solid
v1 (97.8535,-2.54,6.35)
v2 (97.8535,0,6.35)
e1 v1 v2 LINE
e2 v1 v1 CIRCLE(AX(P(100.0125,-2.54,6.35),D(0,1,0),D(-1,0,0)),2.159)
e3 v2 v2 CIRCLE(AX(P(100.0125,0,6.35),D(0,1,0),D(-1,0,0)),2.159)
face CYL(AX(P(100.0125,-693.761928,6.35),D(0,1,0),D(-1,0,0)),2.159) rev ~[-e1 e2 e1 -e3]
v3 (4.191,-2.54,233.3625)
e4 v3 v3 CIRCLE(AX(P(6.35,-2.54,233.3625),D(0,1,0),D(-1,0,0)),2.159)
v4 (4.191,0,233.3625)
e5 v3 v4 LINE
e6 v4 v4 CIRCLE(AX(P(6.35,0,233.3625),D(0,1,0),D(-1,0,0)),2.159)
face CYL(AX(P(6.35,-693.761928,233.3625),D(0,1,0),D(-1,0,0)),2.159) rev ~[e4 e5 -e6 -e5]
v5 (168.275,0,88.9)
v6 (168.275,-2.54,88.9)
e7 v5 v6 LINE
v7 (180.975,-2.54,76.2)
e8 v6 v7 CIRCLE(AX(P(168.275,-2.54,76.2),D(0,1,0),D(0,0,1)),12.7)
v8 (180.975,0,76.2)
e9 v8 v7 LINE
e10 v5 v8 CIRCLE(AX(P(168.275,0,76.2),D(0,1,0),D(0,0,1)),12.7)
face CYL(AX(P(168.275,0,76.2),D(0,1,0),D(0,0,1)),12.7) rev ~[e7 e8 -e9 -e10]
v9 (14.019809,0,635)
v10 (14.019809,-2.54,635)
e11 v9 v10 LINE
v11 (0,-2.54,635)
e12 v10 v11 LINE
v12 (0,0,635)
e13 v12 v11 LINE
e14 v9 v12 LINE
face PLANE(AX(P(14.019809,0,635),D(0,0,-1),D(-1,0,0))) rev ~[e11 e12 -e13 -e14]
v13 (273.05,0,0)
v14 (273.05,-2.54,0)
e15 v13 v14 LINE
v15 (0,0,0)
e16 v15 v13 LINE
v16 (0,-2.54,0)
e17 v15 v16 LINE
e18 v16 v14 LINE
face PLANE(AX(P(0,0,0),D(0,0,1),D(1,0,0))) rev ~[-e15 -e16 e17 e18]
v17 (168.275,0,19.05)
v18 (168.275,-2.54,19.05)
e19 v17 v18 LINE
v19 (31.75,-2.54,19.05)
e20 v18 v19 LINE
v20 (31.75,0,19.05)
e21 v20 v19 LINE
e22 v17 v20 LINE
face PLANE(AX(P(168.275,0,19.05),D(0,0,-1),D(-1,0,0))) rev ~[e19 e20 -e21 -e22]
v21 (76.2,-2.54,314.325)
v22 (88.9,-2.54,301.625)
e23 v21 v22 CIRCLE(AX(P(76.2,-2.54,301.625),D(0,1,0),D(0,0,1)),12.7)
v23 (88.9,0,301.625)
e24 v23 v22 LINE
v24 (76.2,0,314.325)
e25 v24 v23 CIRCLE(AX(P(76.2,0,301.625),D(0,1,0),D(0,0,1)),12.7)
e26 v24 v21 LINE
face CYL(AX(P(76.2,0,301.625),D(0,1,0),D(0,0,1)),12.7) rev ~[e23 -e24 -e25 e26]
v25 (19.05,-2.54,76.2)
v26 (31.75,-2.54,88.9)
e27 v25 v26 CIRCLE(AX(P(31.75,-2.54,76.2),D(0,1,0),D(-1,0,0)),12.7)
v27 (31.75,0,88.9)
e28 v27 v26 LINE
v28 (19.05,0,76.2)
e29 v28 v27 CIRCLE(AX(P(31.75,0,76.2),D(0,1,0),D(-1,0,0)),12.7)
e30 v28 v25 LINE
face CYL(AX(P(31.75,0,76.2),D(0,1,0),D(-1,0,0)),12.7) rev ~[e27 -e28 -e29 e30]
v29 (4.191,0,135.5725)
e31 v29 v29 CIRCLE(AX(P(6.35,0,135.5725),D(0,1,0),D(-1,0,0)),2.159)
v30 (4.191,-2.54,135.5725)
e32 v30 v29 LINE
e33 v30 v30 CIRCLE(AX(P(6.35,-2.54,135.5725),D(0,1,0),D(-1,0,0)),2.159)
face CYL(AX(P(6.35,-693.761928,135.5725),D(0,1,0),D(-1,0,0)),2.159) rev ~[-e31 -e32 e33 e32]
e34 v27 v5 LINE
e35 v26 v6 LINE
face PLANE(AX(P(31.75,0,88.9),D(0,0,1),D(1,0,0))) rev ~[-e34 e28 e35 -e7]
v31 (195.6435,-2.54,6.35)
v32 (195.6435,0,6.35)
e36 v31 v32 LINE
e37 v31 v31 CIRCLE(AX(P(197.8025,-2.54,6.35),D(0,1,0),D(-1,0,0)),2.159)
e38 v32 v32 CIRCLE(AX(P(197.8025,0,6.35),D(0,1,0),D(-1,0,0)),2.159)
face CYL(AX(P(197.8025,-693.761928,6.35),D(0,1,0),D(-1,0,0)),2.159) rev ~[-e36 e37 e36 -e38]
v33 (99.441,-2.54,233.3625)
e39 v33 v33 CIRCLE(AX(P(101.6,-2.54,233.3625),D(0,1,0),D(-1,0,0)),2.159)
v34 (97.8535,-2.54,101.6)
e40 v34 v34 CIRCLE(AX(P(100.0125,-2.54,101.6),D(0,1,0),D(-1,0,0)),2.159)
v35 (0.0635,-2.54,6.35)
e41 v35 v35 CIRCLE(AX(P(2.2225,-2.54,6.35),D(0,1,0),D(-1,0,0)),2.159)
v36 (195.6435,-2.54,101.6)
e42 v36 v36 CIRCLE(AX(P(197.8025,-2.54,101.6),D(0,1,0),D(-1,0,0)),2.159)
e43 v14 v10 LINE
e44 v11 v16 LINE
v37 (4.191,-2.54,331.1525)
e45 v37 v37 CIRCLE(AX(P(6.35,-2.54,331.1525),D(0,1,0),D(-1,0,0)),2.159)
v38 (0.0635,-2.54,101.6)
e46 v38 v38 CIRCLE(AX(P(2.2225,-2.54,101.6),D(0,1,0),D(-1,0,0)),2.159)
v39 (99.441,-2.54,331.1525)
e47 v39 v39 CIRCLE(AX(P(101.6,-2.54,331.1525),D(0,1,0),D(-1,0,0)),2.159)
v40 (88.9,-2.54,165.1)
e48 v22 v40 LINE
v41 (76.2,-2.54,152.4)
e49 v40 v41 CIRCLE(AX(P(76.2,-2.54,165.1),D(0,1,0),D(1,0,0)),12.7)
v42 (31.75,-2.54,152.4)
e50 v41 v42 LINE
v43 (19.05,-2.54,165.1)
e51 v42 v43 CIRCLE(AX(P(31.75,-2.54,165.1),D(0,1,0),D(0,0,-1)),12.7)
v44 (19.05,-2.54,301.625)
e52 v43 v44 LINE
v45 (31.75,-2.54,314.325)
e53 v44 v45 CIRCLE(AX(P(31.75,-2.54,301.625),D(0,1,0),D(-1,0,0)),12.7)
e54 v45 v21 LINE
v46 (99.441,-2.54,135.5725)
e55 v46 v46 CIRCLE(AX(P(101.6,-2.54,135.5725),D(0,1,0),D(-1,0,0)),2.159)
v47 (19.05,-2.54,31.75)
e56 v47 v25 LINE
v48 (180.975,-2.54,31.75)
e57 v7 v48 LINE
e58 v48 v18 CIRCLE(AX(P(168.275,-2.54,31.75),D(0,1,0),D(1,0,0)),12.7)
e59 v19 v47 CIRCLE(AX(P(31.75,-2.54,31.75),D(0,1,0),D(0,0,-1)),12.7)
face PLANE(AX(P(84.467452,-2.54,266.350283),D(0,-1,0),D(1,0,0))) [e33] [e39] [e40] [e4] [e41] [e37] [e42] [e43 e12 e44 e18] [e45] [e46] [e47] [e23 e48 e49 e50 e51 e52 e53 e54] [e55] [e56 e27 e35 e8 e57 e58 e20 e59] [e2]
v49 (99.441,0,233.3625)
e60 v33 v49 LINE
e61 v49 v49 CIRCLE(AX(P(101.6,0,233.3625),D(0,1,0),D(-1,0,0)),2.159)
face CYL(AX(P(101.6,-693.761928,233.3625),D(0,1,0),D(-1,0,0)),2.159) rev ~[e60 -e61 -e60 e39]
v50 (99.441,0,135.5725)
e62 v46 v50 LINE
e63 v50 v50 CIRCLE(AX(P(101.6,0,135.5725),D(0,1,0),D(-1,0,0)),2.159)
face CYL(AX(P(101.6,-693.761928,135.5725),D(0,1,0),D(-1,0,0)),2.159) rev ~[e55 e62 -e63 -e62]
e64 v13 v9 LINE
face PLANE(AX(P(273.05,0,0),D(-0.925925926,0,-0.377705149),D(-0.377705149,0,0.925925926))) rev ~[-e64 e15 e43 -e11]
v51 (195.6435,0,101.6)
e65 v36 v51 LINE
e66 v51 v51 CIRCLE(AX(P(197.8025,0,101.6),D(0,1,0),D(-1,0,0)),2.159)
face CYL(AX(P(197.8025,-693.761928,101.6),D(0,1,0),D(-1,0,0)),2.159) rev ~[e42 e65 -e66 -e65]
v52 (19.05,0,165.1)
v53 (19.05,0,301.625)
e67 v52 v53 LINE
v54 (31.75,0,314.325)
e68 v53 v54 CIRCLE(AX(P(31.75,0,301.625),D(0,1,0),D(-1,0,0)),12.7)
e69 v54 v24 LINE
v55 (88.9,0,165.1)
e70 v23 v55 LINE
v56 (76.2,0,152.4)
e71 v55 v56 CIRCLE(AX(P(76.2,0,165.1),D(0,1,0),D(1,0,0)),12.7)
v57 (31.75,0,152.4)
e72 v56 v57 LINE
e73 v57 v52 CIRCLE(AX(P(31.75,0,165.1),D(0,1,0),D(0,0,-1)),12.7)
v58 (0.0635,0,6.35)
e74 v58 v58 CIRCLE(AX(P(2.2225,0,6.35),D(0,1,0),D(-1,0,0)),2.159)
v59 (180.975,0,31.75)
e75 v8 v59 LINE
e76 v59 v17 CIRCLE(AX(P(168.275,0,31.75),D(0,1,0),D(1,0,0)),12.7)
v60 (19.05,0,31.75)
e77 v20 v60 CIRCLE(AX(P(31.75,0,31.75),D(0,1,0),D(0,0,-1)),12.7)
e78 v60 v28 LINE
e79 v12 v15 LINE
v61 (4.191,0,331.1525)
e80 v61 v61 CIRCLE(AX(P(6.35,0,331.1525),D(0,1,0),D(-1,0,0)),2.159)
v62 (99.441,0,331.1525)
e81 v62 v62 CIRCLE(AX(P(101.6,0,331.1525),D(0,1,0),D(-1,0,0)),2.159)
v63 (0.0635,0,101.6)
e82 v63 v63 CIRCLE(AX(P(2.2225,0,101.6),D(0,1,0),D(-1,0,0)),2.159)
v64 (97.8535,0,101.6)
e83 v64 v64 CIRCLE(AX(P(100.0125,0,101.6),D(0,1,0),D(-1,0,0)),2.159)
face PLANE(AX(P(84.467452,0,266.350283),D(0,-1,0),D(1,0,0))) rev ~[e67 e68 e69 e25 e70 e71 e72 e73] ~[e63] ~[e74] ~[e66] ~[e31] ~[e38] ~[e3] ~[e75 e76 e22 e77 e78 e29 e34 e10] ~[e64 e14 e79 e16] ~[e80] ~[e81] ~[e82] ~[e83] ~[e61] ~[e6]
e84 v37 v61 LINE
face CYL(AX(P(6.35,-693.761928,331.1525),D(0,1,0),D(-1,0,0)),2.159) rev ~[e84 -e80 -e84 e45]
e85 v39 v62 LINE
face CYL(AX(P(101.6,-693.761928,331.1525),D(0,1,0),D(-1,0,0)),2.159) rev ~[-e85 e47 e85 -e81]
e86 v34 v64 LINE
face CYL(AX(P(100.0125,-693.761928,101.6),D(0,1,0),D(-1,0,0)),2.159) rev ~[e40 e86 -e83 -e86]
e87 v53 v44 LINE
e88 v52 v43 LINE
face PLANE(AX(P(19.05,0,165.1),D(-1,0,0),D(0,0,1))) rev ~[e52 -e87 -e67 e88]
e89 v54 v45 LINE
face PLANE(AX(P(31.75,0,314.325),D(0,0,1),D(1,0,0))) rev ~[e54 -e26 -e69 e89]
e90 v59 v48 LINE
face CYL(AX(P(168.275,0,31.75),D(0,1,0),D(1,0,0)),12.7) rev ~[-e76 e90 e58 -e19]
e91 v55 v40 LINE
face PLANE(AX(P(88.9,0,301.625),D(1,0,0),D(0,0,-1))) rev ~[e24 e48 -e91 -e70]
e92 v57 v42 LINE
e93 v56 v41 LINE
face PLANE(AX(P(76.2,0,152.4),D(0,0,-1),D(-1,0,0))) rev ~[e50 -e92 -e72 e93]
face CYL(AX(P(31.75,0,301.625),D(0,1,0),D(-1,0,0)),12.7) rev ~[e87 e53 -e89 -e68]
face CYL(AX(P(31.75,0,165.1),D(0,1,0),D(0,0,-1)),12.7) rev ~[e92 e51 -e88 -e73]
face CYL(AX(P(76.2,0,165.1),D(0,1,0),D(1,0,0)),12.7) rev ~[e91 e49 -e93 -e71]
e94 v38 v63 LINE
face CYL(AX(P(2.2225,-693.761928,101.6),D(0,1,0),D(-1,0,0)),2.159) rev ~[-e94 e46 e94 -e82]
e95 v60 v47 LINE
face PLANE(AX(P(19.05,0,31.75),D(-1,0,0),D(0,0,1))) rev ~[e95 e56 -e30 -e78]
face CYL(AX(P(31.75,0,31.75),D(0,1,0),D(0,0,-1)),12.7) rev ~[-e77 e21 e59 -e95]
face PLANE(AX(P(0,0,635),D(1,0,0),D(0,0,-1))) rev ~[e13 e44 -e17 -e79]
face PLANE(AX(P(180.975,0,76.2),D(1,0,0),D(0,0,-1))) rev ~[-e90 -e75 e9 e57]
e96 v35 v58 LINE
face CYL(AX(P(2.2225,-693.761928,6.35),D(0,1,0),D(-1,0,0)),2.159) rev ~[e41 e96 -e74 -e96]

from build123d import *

# Parameters (mm, degrees)
F1_DEPTH = 2.54
F3_D     = 4.318


with BuildPart() as f1:
    # F0 (on Front) → F1 (new body)
    with BuildSketch(Plane.XZ):
        Polygon((0, 635), (0, 0), (273.05, 0), (14.0198087095, 635), align=None)
        with BuildLine():
            Line((168.275, 19.05), (31.75, 19.05))
            ThreePointArc((31.75, 19.05), (22.7697438789, 22.7697438789), (19.05, 31.75))
            Line((19.05, 31.75), (19.05, 76.2))
            ThreePointArc((19.05, 76.2), (22.7697438789, 85.1802561211), (31.75, 88.9))
            Line((31.75, 88.9), (168.275, 88.9))
            ThreePointArc((168.275, 88.9), (177.2552561211, 85.1802561211), (180.975, 76.2))
            Line((180.975, 76.2), (180.975, 31.75))
            ThreePointArc((180.975, 31.75), (177.2552561211, 22.7697438789), (168.275, 19.05))
        make_face(mode=Mode.SUBTRACT)
        with BuildLine():
            Line((76.2, 152.4), (31.75, 152.4))
            ThreePointArc((31.75, 152.4), (22.7697438789, 156.1197438789), (19.05, 165.1))
            Line((19.05, 165.1), (19.05, 301.625))
            ThreePointArc((19.05, 301.625), (22.7697438789, 310.6052561211), (31.75, 314.325))
            Line((31.75, 314.325), (76.2, 314.325))
            ThreePointArc((76.2, 314.325), (85.1802561211, 310.6052561211), (88.9, 301.625))
            Line((88.9, 301.625), (88.9, 165.1))
            ThreePointArc((88.9, 165.1), (85.1802561211, 156.1197438789), (76.2, 152.4))
        make_face(mode=Mode.SUBTRACT)
    extrude(amount=F1_DEPTH)

    # F3 (through all)
    with Locations(Plane.XZ.offset(2.54)):
        with Locations((6.35, 331.1525), (101.6, 331.1525), (101.6, 233.3625), (6.35, 233.3625), (6.35, 135.5725), (101.6, 135.5725), (2.2225, 101.6), (2.2225, 6.35), (100.0125, 6.35), (100.0125, 101.6), (197.8025, 101.6), (197.8025, 6.35)):
            Hole(F3_D / 2)


solid = f1.part
